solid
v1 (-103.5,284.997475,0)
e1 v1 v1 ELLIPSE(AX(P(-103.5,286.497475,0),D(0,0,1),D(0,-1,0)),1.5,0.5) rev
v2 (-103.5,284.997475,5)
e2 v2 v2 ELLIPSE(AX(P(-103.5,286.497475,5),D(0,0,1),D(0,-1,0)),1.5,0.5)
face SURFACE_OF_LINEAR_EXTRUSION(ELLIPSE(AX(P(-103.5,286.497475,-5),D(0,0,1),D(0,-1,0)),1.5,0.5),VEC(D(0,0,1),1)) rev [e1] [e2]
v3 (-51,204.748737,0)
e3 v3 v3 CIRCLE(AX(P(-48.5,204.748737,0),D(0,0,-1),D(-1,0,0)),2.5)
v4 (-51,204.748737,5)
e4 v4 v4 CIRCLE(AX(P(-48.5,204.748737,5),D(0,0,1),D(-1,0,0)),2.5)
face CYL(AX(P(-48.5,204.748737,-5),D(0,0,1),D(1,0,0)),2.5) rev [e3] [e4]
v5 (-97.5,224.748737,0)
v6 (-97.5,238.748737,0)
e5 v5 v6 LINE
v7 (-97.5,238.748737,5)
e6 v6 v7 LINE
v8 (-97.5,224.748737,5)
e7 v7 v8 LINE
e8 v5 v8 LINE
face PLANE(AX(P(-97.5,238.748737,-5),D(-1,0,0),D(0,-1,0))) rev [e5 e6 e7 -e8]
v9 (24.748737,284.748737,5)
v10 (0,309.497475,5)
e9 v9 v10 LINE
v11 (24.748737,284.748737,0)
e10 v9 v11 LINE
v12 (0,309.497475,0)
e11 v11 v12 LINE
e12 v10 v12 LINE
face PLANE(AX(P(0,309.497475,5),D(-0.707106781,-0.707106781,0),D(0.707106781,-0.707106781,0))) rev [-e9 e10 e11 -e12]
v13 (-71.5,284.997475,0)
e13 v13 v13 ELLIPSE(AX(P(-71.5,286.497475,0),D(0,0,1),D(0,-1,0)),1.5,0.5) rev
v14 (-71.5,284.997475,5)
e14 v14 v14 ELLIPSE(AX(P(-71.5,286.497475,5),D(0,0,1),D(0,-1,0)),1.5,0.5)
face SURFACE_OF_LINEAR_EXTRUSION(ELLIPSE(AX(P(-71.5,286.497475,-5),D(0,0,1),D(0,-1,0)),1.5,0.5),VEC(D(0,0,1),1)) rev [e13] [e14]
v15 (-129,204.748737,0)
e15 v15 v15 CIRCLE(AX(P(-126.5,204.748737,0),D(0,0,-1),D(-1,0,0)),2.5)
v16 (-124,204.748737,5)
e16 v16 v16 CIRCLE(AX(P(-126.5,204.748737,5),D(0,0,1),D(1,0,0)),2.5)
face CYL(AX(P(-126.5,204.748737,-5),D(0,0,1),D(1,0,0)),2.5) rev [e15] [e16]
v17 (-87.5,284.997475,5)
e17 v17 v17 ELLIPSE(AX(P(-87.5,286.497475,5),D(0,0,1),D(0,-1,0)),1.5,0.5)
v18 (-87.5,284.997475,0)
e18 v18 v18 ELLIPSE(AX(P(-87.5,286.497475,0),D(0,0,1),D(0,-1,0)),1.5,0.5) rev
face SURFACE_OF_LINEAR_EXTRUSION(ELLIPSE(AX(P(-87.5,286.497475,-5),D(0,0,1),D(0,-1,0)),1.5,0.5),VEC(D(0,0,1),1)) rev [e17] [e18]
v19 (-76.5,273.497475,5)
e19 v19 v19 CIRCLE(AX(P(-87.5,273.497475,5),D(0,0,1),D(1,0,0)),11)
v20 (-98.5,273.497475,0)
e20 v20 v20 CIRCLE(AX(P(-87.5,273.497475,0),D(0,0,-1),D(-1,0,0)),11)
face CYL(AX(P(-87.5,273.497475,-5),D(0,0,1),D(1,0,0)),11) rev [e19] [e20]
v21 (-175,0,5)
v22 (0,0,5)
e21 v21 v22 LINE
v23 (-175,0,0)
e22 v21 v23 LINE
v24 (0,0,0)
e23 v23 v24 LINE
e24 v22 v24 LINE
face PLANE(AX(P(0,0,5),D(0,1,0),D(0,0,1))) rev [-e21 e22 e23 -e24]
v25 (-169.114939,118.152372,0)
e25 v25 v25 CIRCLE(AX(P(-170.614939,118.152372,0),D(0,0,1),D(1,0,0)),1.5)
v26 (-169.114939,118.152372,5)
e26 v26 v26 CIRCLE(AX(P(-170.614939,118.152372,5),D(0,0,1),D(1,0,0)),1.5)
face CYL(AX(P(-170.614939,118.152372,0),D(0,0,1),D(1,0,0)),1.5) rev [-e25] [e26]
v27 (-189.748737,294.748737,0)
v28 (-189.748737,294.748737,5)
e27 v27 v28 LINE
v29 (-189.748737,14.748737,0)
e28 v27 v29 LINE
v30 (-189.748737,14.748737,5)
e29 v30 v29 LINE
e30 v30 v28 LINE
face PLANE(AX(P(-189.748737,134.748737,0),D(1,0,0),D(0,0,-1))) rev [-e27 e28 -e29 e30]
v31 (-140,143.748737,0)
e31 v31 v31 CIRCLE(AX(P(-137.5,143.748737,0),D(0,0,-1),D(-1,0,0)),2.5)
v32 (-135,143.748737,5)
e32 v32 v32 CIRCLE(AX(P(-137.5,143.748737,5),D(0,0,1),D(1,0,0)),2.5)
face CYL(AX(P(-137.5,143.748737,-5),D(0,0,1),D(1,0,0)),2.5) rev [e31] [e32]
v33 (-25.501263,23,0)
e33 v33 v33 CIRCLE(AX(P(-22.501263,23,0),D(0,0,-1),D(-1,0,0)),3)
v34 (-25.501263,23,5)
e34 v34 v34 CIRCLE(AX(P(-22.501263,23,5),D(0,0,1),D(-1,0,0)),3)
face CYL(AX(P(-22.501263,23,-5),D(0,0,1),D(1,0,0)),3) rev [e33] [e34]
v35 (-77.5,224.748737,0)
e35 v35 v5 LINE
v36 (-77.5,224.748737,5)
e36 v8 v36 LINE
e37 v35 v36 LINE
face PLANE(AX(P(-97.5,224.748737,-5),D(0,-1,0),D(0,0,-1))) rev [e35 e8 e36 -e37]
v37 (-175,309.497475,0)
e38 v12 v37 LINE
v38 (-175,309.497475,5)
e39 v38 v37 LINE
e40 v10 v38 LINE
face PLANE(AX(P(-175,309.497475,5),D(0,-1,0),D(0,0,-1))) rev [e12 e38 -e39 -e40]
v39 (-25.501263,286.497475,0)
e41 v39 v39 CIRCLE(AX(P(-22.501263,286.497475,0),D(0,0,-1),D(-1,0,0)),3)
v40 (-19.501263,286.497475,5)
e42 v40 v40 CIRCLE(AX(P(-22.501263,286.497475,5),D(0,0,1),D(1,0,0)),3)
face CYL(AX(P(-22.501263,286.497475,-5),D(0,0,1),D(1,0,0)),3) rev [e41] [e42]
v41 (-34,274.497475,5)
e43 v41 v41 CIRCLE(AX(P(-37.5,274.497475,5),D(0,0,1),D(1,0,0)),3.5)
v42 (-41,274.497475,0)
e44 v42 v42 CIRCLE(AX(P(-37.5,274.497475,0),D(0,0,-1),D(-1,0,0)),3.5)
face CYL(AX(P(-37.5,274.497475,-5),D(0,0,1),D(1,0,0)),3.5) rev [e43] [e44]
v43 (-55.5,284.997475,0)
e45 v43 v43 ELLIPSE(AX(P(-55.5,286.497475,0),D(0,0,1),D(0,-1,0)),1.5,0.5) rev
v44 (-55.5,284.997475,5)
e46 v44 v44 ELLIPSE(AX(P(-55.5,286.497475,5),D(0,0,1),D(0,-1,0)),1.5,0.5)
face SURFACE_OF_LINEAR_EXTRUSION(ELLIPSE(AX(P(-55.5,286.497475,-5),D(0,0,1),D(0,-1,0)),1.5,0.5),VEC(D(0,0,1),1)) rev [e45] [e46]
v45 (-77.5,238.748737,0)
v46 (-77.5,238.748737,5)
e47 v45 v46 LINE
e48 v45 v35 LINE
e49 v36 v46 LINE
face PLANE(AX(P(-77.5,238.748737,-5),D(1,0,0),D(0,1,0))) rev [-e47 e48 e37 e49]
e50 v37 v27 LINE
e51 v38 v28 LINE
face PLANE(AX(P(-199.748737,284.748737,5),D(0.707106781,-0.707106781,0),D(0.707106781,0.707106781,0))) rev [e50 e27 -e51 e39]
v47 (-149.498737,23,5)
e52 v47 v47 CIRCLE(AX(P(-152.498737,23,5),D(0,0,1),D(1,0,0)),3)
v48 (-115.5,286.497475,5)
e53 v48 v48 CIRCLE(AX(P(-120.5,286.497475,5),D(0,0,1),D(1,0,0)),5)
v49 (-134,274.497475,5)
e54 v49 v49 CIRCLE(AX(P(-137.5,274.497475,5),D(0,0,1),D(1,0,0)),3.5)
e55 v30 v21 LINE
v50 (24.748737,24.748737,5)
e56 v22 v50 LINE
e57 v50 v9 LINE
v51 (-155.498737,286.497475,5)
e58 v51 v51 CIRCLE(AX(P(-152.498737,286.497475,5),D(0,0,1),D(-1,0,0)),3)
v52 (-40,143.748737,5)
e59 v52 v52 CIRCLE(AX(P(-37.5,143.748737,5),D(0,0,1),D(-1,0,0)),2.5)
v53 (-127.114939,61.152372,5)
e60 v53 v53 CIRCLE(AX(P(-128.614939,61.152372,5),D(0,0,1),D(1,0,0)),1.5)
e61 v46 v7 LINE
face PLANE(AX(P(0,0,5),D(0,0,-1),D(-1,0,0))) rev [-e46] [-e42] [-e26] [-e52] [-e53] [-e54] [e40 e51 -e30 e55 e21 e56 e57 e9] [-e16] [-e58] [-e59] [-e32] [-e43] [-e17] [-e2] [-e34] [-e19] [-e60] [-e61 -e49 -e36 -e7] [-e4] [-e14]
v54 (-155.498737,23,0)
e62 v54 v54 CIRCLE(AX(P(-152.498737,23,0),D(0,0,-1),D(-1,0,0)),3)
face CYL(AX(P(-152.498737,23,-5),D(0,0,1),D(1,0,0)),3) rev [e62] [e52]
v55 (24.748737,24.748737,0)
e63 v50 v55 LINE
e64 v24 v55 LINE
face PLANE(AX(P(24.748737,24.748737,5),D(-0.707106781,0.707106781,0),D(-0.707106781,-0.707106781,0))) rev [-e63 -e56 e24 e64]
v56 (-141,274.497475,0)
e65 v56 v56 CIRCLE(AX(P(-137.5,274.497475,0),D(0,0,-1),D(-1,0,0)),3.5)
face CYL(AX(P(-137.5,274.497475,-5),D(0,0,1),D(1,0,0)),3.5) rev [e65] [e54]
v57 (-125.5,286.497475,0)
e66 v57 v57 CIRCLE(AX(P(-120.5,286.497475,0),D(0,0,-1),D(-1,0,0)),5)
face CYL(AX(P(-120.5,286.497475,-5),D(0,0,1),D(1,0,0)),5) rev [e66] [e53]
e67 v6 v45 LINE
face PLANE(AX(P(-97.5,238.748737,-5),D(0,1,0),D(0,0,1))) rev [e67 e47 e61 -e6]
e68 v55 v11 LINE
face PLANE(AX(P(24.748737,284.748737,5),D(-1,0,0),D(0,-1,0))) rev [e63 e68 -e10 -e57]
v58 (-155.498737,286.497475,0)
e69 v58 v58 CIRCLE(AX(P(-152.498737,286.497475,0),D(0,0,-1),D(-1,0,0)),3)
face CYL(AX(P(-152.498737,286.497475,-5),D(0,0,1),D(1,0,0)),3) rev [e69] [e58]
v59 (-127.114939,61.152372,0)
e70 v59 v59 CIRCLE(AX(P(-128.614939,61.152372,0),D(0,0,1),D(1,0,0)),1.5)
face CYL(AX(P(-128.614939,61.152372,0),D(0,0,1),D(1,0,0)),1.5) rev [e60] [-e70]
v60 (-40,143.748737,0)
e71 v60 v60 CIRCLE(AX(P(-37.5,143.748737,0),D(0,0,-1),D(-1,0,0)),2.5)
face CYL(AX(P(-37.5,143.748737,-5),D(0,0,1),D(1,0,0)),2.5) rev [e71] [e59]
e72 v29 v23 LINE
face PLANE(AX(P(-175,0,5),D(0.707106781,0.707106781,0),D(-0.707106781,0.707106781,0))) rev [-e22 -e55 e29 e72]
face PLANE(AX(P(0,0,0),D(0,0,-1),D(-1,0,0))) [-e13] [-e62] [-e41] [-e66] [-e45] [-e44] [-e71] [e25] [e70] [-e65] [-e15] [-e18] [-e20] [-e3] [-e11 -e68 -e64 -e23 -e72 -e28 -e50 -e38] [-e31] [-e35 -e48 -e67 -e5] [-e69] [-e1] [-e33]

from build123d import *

# Parameters (mm, degrees)
BASE_DEPTH               = 5
ESQUISSE8_R              = 5
ENL_V_MAT_EXTRU_7_DEPTH  = 10
ESQUISSE4_R              = 11
ESQUISSE4_R_2            = 3.5
ESQUISSE4_RX             = 1.5
ESQUISSE4_RY             = 0.5
ESQUISSE4_W              = 20
ESQUISSE4_H              = 14
ENL_V_MAT_EXTRU_8_DEPTH  = 10
ESQUISSE2_R              = 3
ESQUISSE2_R_2            = 2.5
ENL_V_MAT_EXTRU_9_DEPTH  = 10
ESQUISSE11_R             = 1.5
ENL_V_MAT_EXTRU_11_DEPTH = 5


with BuildPart() as part:
    # Esquisse1 → Base (new body)
    with BuildSketch(Plane.XY):
        Polygon((0, 0), (-175, 0), (-199.748737342, 24.748737342), (-199.748737342, 284.748737342), (-175, 309.497474683), (0, 309.497474683), (24.748737342, 284.748737342), (24.748737342, 24.748737342), align=None)
    extrude(amount=BASE_DEPTH)

    # Esquisse8 → Enlèv. mat.-Extru.7 (cut)
    with BuildSketch(Plane.XY.offset(5)):
        with Locations((-120.5, 286.497474683)):
            Circle(ESQUISSE8_R)
    extrude(amount=-ENL_V_MAT_EXTRU_7_DEPTH, mode=Mode.SUBTRACT)

    # Esquisse4 → Enlèv. mat.-Extru.8 (cut)
    with BuildSketch(Plane.XY.offset(5)):
        with Locations((-87.5, 273.497474683)):
            Circle(ESQUISSE4_R)
        with Locations((-137.5, 274.497474683)):
            Circle(ESQUISSE4_R_2)
        with Locations((-37.5, 274.497474683)):
            Circle(ESQUISSE4_R_2)
        with Locations(Location((-103.5, 286.497474683), (0, 0, -90))):
            Ellipse(ESQUISSE4_RX, ESQUISSE4_RY)
        with Locations(Location((-87.5, 286.497474683), (0, 0, -90))):
            Ellipse(ESQUISSE4_RX, ESQUISSE4_RY)
        with Locations(Location((-71.5, 286.497474683), (0, 0, -90))):
            Ellipse(ESQUISSE4_RX, ESQUISSE4_RY)
        with Locations(Location((-55.5, 286.497474683), (0, 0, -90))):
            Ellipse(ESQUISSE4_RX, ESQUISSE4_RY)
        with Locations((-87.5, 231.748737342)):
            Rectangle(ESQUISSE4_W, ESQUISSE4_H)
    extrude(amount=-ENL_V_MAT_EXTRU_8_DEPTH, mode=Mode.SUBTRACT)

    # Esquisse2 → Enlèv. mat.-Extru.9 (cut)
    with BuildSketch(Plane.XY.offset(5)):
        with Locations((-152.498737342, 23)):
            Circle(ESQUISSE2_R)
        with Locations((-152.498737342, 286.497474683)):
            Circle(ESQUISSE2_R)
        with Locations((-22.501262658, 23)):
            Circle(ESQUISSE2_R)
        with Locations((-22.501262658, 286.497474683)):
            Circle(ESQUISSE2_R)
        with Locations((-137.5, 143.748737342)):
            Circle(ESQUISSE2_R_2)
        with Locations((-126.5, 204.748737342)):
            Circle(ESQUISSE2_R_2)
        with Locations((-37.5, 143.748737342)):
            Circle(ESQUISSE2_R_2)
        with Locations((-48.5, 204.748737342)):
            Circle(ESQUISSE2_R_2)
    extrude(amount=-ENL_V_MAT_EXTRU_9_DEPTH, mode=Mode.SUBTRACT)

    # Esquisse11 → Enlèv. mat.-Extru.11 (cut)
    with BuildSketch(Plane.XY.offset(5)):
        with Locations((-170.614939475, 118.152371839)):
            Circle(ESQUISSE11_R)
        with Locations((-128.614939475, 61.152371839)):
            Circle(ESQUISSE11_R)
        Polygon((-189.748737342, -12.261016229), (-189.748737342, 134.748737342), (-189.748737342, 326.523808624), (-199.748737342, 326.523808624), (-199.748737342, -12.261016229), align=None)
    extrude(amount=-ENL_V_MAT_EXTRU_11_DEPTH, mode=Mode.SUBTRACT)


solid = part.part
